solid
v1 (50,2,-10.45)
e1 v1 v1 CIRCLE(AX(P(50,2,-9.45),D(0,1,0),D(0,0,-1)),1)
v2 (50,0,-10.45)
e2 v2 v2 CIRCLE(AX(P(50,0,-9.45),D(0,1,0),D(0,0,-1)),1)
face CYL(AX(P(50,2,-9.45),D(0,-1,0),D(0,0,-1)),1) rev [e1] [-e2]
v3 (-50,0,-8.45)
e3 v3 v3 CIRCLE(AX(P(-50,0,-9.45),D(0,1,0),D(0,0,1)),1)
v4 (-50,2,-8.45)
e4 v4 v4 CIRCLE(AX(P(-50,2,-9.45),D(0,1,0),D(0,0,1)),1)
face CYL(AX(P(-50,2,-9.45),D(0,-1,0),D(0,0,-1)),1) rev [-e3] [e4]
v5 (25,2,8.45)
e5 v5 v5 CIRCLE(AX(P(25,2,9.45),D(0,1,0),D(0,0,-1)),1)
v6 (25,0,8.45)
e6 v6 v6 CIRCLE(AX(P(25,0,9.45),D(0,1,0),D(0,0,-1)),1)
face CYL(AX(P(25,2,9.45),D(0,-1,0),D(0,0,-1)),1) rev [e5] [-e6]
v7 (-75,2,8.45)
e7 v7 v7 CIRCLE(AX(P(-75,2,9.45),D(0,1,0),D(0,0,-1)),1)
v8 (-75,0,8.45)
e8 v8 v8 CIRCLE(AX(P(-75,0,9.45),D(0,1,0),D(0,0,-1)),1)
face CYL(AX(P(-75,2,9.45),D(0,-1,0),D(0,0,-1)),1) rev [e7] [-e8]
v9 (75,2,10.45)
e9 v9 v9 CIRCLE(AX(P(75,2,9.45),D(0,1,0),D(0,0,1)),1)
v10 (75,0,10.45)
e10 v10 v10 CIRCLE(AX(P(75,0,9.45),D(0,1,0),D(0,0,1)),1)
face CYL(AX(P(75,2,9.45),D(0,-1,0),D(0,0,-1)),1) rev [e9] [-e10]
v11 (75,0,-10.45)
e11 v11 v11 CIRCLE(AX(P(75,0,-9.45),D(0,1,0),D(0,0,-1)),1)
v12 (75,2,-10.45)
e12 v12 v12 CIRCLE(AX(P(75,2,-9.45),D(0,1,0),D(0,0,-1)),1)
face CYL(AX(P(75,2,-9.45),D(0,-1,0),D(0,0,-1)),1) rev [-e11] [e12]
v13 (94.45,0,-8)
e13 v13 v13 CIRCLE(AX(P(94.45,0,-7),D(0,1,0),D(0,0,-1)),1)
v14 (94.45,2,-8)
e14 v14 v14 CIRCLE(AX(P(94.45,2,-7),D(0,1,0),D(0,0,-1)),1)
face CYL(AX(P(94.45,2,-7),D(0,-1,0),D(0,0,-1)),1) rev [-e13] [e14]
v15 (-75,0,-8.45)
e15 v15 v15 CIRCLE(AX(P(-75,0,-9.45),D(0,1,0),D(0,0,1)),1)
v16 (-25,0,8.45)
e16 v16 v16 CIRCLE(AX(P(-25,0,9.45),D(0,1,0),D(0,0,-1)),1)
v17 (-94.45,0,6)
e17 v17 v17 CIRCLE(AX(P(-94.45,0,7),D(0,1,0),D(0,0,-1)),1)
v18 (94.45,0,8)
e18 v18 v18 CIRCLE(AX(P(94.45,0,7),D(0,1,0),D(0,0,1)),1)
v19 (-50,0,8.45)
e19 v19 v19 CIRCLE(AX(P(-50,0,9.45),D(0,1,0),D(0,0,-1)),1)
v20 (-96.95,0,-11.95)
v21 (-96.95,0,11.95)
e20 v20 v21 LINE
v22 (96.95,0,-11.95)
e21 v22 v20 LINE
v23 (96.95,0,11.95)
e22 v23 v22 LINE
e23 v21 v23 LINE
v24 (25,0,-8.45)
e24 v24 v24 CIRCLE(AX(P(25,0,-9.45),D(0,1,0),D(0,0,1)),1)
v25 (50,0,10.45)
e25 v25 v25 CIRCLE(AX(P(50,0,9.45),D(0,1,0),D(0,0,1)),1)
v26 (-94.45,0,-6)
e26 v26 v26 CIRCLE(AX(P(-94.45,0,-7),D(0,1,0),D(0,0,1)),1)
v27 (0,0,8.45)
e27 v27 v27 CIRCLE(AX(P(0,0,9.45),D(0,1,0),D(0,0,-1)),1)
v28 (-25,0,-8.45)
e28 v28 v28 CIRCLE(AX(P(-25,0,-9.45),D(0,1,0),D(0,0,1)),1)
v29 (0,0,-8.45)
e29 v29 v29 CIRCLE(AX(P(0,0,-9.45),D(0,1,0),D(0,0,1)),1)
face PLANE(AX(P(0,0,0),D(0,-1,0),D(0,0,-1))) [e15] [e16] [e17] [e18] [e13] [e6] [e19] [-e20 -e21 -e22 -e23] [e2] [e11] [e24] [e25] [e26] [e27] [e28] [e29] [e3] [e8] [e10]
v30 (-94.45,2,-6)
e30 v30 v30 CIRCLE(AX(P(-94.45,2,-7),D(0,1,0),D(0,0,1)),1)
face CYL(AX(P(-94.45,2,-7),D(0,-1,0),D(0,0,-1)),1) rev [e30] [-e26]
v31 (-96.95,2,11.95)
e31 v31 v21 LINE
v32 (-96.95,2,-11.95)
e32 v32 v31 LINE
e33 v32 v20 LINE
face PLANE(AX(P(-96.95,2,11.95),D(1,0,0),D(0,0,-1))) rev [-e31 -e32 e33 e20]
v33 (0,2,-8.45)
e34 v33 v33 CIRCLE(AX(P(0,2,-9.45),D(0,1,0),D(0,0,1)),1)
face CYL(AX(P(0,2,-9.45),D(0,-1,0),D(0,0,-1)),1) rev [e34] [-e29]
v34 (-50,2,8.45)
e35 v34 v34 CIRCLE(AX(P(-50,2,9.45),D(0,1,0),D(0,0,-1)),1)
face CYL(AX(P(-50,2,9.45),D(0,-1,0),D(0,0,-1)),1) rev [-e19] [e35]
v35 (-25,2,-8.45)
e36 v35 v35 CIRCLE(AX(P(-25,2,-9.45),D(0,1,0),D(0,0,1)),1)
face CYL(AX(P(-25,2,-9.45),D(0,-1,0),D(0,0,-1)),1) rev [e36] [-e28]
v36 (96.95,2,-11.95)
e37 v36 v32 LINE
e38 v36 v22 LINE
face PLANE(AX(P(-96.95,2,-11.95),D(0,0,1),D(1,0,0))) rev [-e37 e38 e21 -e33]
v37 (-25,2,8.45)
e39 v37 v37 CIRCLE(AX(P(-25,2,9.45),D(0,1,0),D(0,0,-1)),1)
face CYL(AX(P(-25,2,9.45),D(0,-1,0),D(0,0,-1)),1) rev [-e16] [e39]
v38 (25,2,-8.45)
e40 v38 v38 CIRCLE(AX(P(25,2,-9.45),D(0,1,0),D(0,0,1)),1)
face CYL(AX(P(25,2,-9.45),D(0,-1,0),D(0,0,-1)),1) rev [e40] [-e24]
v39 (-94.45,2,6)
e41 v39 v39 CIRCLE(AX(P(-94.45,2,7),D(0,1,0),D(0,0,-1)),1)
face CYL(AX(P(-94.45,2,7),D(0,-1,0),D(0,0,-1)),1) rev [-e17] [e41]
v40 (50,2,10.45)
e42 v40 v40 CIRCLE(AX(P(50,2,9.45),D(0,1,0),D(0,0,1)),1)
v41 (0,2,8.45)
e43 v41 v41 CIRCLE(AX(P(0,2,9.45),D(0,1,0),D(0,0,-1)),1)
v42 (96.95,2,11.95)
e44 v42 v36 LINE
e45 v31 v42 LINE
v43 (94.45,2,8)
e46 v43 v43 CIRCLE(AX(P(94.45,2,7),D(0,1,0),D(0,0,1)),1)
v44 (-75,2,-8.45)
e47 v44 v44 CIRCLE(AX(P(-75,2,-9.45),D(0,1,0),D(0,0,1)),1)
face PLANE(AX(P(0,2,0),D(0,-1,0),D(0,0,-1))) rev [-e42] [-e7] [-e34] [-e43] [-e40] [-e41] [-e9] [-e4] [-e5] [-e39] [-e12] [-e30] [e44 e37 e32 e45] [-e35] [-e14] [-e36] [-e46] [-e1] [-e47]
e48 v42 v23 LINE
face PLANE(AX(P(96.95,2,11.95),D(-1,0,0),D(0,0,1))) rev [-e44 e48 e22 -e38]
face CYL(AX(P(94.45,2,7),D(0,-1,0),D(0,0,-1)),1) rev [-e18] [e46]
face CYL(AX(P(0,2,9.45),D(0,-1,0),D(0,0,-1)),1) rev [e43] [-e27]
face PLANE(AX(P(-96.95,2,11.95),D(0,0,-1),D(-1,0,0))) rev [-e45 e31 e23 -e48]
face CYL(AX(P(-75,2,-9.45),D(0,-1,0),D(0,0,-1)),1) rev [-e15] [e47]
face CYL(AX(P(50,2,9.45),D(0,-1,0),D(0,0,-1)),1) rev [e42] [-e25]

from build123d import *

# Parameters (mm, degrees)
SKETCH1_W           = 193.9
SKETCH1_H           = 23.9
SKETCH1_R           = 1
BOSS_EXTRUDE1_DEPTH = 2


with BuildPart() as part:
    # Sketch1 → Boss-Extrude1 (new body)
    with BuildSketch(Plane(origin=(0, 0, 0), x_dir=(1, 0, 0), z_dir=(0, 1, 0))):
        Rectangle(SKETCH1_W, SKETCH1_H)
        with Locations((-25, 9.45)):
            Circle(SKETCH1_R, mode=Mode.SUBTRACT)
        with Locations((0, 9.45)):
            Circle(SKETCH1_R, mode=Mode.SUBTRACT)
        with Locations((25, 9.45)):
            Circle(SKETCH1_R, mode=Mode.SUBTRACT)
        with Locations((-94.45, 7)):
            Circle(SKETCH1_R, mode=Mode.SUBTRACT)
        with Locations((25, -9.45)):
            Circle(SKETCH1_R, mode=Mode.SUBTRACT)
        with Locations((0, -9.45)):
            Circle(SKETCH1_R, mode=Mode.SUBTRACT)
        with Locations((-25, -9.45)):
            Circle(SKETCH1_R, mode=Mode.SUBTRACT)
        with Locations((-94.45, -7)):
            Circle(SKETCH1_R, mode=Mode.SUBTRACT)
        with Locations((94.45, -7)):
            Circle(SKETCH1_R, mode=Mode.SUBTRACT)
        with Locations((94.45, 7)):
            Circle(SKETCH1_R, mode=Mode.SUBTRACT)
        with Locations((-50, 9.45)):
            Circle(SKETCH1_R, mode=Mode.SUBTRACT)
        with Locations((-75, 9.45)):
            Circle(SKETCH1_R, mode=Mode.SUBTRACT)
        with Locations((75, 9.45)):
            Circle(SKETCH1_R, mode=Mode.SUBTRACT)
        with Locations((50, 9.45)):
            Circle(SKETCH1_R, mode=Mode.SUBTRACT)
        with Locations((75, -9.45)):
            Circle(SKETCH1_R, mode=Mode.SUBTRACT)
        with Locations((50, -9.45)):
            Circle(SKETCH1_R, mode=Mode.SUBTRACT)
        with Locations((-50, -9.45)):
            Circle(SKETCH1_R, mode=Mode.SUBTRACT)
        with Locations((-75, -9.45)):
            Circle(SKETCH1_R, mode=Mode.SUBTRACT)
    extrude(amount=BOSS_EXTRUDE1_DEPTH)


solid = part.part
